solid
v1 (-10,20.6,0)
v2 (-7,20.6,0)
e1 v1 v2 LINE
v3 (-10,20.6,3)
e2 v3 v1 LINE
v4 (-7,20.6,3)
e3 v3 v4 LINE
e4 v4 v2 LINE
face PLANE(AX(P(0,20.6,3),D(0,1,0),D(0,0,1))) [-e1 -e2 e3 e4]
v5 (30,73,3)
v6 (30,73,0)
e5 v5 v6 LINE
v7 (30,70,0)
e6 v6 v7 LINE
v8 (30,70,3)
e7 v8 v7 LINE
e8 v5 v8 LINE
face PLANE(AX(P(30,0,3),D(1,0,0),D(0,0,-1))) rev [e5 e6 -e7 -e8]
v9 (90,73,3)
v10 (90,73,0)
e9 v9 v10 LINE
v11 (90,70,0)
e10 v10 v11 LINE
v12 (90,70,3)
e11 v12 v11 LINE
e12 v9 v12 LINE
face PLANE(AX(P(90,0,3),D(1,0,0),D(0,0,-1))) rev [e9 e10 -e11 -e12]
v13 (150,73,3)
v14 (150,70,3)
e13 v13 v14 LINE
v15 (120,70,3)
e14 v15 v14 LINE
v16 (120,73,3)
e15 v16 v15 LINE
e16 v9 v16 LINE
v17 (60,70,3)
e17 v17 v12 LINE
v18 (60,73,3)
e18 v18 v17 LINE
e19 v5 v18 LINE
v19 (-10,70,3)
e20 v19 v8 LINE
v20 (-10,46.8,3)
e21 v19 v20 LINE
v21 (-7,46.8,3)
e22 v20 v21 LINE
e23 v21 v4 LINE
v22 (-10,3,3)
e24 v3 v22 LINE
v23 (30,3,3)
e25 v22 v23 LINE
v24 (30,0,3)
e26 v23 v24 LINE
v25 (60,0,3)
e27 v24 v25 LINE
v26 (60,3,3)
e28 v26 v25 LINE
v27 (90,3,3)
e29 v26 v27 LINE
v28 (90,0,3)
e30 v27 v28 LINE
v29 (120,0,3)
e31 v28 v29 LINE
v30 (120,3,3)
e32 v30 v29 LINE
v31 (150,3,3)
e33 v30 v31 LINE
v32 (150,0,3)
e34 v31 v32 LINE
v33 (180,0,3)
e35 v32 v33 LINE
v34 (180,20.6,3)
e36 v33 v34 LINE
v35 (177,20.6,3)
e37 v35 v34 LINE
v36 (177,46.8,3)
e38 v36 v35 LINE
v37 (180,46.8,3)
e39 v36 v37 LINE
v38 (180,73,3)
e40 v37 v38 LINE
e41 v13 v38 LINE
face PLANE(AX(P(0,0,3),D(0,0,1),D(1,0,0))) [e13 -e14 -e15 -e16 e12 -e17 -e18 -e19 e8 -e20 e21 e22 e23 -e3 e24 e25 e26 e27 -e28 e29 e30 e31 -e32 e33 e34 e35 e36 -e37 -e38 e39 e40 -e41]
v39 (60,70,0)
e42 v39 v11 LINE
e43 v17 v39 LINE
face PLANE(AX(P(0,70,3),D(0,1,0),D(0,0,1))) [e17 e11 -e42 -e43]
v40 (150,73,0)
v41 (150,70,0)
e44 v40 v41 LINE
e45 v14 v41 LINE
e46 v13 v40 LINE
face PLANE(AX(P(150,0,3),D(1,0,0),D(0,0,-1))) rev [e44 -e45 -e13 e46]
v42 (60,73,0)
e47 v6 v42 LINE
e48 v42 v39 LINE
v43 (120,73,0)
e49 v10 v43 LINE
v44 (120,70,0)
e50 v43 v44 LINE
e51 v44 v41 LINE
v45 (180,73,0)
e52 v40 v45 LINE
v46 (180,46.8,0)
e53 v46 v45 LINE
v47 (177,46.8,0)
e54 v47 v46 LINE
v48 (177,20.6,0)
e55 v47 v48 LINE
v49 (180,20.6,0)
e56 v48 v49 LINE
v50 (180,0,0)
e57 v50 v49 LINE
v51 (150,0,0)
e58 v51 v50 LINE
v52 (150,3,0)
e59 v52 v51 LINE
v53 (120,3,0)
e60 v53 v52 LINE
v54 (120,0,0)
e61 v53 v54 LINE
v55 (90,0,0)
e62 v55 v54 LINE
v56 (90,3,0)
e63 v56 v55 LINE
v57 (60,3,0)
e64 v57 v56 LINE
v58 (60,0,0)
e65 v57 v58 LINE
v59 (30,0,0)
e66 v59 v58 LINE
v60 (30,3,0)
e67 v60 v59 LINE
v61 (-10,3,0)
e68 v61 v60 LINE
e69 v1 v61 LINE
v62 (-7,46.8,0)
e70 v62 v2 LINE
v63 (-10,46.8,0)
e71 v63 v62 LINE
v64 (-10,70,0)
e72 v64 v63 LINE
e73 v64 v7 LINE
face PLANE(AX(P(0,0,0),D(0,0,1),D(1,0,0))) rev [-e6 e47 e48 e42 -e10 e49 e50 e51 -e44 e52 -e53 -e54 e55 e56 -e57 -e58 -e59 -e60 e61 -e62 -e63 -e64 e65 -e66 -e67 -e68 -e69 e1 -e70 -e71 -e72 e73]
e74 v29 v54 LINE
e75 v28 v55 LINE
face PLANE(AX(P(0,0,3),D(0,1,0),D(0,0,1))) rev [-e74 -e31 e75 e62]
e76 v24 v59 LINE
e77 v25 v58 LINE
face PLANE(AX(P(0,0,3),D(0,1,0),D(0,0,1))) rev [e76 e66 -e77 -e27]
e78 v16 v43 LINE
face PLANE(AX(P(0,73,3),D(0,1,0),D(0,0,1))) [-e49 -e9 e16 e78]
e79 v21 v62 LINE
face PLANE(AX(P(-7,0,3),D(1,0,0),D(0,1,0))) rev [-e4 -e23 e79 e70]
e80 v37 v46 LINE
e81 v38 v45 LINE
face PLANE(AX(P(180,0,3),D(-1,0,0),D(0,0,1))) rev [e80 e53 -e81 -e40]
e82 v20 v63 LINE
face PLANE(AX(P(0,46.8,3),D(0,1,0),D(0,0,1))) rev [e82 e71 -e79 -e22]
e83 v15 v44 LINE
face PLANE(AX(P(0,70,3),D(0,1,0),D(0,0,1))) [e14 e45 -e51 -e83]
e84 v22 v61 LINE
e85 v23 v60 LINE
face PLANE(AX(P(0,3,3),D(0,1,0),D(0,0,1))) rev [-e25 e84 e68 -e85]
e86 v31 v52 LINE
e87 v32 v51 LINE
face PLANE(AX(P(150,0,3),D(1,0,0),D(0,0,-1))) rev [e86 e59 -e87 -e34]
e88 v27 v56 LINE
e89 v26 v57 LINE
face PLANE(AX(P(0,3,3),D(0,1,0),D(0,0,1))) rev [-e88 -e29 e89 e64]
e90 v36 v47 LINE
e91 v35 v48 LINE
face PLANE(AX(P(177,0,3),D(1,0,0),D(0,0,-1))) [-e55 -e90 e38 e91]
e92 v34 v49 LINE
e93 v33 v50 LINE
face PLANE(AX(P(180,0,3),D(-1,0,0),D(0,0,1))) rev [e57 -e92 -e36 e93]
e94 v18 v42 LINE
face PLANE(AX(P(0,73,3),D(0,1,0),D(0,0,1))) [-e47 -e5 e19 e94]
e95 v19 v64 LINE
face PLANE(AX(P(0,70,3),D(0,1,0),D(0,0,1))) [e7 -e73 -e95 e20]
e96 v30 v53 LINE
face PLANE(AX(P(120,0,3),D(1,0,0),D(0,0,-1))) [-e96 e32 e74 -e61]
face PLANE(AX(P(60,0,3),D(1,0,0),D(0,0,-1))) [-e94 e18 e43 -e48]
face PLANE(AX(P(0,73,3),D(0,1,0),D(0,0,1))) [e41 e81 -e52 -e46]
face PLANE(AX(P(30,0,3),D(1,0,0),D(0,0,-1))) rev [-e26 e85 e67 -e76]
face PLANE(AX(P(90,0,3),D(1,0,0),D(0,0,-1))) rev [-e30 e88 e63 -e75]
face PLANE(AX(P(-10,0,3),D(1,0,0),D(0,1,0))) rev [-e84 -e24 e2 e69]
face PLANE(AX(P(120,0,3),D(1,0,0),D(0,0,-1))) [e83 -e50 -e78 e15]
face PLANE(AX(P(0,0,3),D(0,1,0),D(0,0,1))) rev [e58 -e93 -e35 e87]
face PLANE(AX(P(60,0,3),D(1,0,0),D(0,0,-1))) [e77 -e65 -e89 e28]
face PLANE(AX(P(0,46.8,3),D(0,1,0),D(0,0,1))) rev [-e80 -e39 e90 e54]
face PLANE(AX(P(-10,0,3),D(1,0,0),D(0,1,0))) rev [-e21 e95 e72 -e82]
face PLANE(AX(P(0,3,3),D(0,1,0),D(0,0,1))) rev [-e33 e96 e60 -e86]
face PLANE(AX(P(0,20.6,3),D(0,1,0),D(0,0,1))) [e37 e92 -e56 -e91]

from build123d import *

# Parameters (mm, degrees)
BOSS_EXTRUDE1_DEPTH = 3


with BuildPart() as part:
    # Sketch1 → Boss-Extrude1 (new body)
    with BuildSketch(Plane.XY):
        Polygon((30, 70), (0, 70), (-10, 70), (-10, 46.8), (-7, 46.8), (-7, 20.6), (-10, 20.6), (-10, 3), (0, 3), (30, 3), (30, 0), (60, 0), (60, 3), (90, 3), (90, 0), (120, 0), (120, 3), (150, 3), (150, 0), (180, 0), (180, 20.6), (177, 20.6), (177, 46.8), (180, 46.8), (180, 73), (150, 73), (150, 70), (120, 70), (120, 73), (90, 73), (90, 70), (60, 70), (60, 73), (30, 73), align=None)
    extrude(amount=BOSS_EXTRUDE1_DEPTH)


solid = part.part
